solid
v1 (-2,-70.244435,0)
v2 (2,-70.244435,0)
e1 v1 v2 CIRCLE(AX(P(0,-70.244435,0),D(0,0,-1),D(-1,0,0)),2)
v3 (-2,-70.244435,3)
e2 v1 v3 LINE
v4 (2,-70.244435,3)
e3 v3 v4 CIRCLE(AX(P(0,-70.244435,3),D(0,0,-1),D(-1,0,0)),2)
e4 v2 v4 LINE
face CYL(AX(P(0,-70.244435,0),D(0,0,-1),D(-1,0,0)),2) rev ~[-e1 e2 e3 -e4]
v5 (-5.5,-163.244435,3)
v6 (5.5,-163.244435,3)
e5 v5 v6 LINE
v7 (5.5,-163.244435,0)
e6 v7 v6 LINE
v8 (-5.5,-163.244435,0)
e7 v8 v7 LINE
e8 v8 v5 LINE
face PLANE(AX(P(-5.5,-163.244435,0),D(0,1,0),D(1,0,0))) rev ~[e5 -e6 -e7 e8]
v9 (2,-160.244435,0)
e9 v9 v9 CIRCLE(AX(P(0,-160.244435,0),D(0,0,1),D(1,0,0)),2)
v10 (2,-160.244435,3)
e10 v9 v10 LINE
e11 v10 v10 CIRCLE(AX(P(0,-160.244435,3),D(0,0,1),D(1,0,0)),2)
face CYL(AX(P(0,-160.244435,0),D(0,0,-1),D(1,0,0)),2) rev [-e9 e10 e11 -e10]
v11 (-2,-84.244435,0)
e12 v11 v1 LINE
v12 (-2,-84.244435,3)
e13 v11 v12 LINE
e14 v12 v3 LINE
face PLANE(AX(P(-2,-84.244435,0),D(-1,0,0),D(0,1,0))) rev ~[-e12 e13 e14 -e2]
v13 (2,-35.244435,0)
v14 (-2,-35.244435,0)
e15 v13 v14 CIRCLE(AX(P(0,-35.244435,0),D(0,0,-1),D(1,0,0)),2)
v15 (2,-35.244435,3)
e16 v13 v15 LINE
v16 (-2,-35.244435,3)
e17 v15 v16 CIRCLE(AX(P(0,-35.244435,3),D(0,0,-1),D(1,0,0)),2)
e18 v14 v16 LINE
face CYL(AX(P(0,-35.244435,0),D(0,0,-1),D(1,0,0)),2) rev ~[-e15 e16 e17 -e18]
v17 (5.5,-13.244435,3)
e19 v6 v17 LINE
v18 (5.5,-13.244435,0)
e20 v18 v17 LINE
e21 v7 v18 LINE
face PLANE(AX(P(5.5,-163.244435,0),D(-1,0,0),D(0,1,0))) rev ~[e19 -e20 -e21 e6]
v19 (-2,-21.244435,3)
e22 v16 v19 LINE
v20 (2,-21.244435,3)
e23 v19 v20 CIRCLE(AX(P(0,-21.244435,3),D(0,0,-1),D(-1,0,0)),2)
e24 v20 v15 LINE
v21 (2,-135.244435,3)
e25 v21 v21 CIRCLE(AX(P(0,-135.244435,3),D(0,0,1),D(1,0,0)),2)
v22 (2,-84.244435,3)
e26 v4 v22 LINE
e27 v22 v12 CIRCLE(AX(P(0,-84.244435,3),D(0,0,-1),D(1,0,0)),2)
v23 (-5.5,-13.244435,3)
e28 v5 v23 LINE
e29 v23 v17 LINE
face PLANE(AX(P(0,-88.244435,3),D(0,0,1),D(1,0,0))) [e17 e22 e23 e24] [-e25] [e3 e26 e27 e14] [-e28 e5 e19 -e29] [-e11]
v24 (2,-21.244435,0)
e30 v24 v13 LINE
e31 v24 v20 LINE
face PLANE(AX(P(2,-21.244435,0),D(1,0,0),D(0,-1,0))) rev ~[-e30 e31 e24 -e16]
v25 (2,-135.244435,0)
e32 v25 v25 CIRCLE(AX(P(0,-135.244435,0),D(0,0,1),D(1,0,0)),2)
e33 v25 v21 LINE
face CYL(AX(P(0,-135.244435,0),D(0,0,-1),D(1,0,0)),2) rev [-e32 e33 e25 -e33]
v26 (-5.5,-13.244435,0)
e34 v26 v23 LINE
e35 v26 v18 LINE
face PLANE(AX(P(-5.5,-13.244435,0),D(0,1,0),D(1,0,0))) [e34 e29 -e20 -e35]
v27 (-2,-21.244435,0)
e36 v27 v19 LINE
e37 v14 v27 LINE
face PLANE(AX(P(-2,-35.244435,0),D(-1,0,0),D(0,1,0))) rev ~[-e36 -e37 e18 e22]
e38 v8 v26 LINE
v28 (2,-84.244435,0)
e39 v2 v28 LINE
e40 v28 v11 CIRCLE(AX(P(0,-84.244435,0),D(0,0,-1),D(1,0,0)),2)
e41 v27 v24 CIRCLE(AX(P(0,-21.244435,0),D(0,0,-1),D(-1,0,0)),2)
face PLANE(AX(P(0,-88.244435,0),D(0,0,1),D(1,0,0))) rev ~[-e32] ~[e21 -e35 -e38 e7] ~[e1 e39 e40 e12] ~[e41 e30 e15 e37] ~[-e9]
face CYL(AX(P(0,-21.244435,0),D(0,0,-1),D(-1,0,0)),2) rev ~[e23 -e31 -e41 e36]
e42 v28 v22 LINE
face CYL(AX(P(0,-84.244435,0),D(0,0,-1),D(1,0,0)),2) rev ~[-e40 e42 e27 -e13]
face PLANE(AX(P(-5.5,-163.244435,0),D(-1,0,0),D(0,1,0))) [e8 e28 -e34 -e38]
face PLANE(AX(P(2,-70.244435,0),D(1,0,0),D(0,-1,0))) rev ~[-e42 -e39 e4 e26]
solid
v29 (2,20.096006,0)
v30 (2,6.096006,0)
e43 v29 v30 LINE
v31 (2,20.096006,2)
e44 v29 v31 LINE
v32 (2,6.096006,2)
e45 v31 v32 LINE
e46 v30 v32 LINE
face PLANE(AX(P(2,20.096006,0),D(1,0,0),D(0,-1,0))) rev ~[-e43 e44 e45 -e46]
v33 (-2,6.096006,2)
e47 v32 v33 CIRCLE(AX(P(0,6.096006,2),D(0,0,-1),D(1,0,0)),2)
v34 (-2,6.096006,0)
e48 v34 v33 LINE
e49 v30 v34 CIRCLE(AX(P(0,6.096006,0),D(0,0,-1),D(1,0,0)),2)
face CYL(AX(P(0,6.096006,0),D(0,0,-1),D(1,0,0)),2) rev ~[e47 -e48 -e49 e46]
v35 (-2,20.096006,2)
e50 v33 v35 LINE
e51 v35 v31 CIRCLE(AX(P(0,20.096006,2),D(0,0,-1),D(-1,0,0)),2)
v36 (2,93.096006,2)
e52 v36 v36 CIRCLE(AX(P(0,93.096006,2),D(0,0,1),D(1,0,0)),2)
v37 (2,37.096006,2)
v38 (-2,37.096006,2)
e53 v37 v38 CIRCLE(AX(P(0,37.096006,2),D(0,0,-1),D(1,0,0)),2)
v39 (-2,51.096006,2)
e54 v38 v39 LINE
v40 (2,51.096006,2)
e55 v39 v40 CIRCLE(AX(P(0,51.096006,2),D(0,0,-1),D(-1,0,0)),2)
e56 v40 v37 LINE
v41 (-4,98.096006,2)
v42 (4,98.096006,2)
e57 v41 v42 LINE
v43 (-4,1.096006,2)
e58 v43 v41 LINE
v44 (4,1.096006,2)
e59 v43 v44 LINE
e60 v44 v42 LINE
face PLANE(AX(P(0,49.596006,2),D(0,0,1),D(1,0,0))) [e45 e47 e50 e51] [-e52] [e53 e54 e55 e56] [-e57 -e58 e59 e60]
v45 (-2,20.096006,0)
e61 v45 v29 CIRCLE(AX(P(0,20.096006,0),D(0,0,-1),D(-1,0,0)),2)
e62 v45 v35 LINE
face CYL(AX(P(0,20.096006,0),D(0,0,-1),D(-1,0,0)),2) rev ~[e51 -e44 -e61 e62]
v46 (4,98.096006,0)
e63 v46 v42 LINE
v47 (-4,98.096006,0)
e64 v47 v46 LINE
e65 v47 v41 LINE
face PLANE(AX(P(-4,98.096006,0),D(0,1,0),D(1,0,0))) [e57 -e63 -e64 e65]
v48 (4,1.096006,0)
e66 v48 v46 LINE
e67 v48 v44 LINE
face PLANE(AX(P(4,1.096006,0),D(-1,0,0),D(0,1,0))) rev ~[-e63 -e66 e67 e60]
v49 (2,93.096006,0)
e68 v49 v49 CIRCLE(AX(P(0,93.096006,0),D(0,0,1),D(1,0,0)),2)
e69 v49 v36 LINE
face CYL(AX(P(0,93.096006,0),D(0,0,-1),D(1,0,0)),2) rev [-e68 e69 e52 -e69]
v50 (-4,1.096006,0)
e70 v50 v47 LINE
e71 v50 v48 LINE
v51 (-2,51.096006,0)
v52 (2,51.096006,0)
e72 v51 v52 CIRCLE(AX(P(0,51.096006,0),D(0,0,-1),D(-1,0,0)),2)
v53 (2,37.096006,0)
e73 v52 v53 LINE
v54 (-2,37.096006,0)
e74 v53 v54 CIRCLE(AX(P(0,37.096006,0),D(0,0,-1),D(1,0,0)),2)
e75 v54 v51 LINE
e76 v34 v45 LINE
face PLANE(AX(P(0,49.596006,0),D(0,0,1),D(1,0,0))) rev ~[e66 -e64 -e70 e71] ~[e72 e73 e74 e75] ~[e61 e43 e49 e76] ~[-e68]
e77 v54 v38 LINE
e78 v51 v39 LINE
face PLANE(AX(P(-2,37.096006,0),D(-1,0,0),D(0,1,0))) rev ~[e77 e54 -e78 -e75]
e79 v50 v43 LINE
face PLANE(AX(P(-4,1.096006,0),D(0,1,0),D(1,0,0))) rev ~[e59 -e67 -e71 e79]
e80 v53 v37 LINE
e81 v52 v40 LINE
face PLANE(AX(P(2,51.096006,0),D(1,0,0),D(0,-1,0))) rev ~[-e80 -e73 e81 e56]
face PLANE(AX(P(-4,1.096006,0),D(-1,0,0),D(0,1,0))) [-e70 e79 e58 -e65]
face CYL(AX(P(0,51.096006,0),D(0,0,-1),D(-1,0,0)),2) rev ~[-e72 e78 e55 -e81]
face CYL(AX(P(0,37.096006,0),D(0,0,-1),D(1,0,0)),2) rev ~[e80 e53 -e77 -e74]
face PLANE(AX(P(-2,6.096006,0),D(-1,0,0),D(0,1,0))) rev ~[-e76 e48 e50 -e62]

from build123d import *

# Parameters (mm, degrees)
F0_W     = 8
F0_H     = 97
F0_R     = 2
F2_DEPTH = 2
F1_W     = 11
F1_H     = 150
F1_R     = 2
F3_DEPTH = 3


with BuildPart() as f2:
    # F0 (on Top) → F2 (new body)
    with BuildSketch(Plane.XY):
        with Locations((0, 49.596006)):
            Rectangle(F0_W, F0_H)
        with BuildLine():
            Line((-2, 6.096006), (-2, 20.096006))
            ThreePointArc((-2, 20.096006), (0, 22.096006), (2, 20.096006))
            Line((2, 20.096006), (2, 6.096006))
            ThreePointArc((2, 6.096006), (0, 4.096006), (-2, 6.096006))
        make_face(mode=Mode.SUBTRACT)
        with BuildLine():
            Line((-2, 37.096006), (-2, 51.096006))
            ThreePointArc((-2, 51.096006), (0, 53.096006), (2, 51.096006))
            Line((2, 51.096006), (2, 37.096006))
            ThreePointArc((2, 37.096006), (0, 35.096006), (-2, 37.096006))
        make_face(mode=Mode.SUBTRACT)
        with Locations((0, 93.096006)):
            Circle(F0_R, mode=Mode.SUBTRACT)
    extrude(amount=F2_DEPTH)


with BuildPart() as f3:
    # F1 (on Top) → F3 (new body)
    with BuildSketch(Plane.XY):
        with Locations((0, -88.244435)):
            Rectangle(F1_W, F1_H)
        with Locations((0, -160.244435)):
            Circle(F1_R, mode=Mode.SUBTRACT)
        with Locations((0, -135.244435)):
            Circle(F1_R, mode=Mode.SUBTRACT)
        with BuildLine():
            Line((-2, -84.244435), (-2, -70.244435))
            ThreePointArc((-2, -70.244435), (0, -68.244435), (2, -70.244435))
            Line((2, -70.244435), (2, -84.244435))
            ThreePointArc((2, -84.244435), (0, -86.244435), (-2, -84.244435))
        make_face(mode=Mode.SUBTRACT)
        with BuildLine():
            Line((-2, -35.244435), (-2, -21.244435))
            ThreePointArc((-2, -21.244435), (0, -19.244435), (2, -21.244435))
            Line((2, -21.244435), (2, -35.244435))
            ThreePointArc((2, -35.244435), (0, -37.244435), (-2, -35.244435))
        make_face(mode=Mode.SUBTRACT)
    extrude(amount=F3_DEPTH)


solid = Compound([f2.part, f3.part])
